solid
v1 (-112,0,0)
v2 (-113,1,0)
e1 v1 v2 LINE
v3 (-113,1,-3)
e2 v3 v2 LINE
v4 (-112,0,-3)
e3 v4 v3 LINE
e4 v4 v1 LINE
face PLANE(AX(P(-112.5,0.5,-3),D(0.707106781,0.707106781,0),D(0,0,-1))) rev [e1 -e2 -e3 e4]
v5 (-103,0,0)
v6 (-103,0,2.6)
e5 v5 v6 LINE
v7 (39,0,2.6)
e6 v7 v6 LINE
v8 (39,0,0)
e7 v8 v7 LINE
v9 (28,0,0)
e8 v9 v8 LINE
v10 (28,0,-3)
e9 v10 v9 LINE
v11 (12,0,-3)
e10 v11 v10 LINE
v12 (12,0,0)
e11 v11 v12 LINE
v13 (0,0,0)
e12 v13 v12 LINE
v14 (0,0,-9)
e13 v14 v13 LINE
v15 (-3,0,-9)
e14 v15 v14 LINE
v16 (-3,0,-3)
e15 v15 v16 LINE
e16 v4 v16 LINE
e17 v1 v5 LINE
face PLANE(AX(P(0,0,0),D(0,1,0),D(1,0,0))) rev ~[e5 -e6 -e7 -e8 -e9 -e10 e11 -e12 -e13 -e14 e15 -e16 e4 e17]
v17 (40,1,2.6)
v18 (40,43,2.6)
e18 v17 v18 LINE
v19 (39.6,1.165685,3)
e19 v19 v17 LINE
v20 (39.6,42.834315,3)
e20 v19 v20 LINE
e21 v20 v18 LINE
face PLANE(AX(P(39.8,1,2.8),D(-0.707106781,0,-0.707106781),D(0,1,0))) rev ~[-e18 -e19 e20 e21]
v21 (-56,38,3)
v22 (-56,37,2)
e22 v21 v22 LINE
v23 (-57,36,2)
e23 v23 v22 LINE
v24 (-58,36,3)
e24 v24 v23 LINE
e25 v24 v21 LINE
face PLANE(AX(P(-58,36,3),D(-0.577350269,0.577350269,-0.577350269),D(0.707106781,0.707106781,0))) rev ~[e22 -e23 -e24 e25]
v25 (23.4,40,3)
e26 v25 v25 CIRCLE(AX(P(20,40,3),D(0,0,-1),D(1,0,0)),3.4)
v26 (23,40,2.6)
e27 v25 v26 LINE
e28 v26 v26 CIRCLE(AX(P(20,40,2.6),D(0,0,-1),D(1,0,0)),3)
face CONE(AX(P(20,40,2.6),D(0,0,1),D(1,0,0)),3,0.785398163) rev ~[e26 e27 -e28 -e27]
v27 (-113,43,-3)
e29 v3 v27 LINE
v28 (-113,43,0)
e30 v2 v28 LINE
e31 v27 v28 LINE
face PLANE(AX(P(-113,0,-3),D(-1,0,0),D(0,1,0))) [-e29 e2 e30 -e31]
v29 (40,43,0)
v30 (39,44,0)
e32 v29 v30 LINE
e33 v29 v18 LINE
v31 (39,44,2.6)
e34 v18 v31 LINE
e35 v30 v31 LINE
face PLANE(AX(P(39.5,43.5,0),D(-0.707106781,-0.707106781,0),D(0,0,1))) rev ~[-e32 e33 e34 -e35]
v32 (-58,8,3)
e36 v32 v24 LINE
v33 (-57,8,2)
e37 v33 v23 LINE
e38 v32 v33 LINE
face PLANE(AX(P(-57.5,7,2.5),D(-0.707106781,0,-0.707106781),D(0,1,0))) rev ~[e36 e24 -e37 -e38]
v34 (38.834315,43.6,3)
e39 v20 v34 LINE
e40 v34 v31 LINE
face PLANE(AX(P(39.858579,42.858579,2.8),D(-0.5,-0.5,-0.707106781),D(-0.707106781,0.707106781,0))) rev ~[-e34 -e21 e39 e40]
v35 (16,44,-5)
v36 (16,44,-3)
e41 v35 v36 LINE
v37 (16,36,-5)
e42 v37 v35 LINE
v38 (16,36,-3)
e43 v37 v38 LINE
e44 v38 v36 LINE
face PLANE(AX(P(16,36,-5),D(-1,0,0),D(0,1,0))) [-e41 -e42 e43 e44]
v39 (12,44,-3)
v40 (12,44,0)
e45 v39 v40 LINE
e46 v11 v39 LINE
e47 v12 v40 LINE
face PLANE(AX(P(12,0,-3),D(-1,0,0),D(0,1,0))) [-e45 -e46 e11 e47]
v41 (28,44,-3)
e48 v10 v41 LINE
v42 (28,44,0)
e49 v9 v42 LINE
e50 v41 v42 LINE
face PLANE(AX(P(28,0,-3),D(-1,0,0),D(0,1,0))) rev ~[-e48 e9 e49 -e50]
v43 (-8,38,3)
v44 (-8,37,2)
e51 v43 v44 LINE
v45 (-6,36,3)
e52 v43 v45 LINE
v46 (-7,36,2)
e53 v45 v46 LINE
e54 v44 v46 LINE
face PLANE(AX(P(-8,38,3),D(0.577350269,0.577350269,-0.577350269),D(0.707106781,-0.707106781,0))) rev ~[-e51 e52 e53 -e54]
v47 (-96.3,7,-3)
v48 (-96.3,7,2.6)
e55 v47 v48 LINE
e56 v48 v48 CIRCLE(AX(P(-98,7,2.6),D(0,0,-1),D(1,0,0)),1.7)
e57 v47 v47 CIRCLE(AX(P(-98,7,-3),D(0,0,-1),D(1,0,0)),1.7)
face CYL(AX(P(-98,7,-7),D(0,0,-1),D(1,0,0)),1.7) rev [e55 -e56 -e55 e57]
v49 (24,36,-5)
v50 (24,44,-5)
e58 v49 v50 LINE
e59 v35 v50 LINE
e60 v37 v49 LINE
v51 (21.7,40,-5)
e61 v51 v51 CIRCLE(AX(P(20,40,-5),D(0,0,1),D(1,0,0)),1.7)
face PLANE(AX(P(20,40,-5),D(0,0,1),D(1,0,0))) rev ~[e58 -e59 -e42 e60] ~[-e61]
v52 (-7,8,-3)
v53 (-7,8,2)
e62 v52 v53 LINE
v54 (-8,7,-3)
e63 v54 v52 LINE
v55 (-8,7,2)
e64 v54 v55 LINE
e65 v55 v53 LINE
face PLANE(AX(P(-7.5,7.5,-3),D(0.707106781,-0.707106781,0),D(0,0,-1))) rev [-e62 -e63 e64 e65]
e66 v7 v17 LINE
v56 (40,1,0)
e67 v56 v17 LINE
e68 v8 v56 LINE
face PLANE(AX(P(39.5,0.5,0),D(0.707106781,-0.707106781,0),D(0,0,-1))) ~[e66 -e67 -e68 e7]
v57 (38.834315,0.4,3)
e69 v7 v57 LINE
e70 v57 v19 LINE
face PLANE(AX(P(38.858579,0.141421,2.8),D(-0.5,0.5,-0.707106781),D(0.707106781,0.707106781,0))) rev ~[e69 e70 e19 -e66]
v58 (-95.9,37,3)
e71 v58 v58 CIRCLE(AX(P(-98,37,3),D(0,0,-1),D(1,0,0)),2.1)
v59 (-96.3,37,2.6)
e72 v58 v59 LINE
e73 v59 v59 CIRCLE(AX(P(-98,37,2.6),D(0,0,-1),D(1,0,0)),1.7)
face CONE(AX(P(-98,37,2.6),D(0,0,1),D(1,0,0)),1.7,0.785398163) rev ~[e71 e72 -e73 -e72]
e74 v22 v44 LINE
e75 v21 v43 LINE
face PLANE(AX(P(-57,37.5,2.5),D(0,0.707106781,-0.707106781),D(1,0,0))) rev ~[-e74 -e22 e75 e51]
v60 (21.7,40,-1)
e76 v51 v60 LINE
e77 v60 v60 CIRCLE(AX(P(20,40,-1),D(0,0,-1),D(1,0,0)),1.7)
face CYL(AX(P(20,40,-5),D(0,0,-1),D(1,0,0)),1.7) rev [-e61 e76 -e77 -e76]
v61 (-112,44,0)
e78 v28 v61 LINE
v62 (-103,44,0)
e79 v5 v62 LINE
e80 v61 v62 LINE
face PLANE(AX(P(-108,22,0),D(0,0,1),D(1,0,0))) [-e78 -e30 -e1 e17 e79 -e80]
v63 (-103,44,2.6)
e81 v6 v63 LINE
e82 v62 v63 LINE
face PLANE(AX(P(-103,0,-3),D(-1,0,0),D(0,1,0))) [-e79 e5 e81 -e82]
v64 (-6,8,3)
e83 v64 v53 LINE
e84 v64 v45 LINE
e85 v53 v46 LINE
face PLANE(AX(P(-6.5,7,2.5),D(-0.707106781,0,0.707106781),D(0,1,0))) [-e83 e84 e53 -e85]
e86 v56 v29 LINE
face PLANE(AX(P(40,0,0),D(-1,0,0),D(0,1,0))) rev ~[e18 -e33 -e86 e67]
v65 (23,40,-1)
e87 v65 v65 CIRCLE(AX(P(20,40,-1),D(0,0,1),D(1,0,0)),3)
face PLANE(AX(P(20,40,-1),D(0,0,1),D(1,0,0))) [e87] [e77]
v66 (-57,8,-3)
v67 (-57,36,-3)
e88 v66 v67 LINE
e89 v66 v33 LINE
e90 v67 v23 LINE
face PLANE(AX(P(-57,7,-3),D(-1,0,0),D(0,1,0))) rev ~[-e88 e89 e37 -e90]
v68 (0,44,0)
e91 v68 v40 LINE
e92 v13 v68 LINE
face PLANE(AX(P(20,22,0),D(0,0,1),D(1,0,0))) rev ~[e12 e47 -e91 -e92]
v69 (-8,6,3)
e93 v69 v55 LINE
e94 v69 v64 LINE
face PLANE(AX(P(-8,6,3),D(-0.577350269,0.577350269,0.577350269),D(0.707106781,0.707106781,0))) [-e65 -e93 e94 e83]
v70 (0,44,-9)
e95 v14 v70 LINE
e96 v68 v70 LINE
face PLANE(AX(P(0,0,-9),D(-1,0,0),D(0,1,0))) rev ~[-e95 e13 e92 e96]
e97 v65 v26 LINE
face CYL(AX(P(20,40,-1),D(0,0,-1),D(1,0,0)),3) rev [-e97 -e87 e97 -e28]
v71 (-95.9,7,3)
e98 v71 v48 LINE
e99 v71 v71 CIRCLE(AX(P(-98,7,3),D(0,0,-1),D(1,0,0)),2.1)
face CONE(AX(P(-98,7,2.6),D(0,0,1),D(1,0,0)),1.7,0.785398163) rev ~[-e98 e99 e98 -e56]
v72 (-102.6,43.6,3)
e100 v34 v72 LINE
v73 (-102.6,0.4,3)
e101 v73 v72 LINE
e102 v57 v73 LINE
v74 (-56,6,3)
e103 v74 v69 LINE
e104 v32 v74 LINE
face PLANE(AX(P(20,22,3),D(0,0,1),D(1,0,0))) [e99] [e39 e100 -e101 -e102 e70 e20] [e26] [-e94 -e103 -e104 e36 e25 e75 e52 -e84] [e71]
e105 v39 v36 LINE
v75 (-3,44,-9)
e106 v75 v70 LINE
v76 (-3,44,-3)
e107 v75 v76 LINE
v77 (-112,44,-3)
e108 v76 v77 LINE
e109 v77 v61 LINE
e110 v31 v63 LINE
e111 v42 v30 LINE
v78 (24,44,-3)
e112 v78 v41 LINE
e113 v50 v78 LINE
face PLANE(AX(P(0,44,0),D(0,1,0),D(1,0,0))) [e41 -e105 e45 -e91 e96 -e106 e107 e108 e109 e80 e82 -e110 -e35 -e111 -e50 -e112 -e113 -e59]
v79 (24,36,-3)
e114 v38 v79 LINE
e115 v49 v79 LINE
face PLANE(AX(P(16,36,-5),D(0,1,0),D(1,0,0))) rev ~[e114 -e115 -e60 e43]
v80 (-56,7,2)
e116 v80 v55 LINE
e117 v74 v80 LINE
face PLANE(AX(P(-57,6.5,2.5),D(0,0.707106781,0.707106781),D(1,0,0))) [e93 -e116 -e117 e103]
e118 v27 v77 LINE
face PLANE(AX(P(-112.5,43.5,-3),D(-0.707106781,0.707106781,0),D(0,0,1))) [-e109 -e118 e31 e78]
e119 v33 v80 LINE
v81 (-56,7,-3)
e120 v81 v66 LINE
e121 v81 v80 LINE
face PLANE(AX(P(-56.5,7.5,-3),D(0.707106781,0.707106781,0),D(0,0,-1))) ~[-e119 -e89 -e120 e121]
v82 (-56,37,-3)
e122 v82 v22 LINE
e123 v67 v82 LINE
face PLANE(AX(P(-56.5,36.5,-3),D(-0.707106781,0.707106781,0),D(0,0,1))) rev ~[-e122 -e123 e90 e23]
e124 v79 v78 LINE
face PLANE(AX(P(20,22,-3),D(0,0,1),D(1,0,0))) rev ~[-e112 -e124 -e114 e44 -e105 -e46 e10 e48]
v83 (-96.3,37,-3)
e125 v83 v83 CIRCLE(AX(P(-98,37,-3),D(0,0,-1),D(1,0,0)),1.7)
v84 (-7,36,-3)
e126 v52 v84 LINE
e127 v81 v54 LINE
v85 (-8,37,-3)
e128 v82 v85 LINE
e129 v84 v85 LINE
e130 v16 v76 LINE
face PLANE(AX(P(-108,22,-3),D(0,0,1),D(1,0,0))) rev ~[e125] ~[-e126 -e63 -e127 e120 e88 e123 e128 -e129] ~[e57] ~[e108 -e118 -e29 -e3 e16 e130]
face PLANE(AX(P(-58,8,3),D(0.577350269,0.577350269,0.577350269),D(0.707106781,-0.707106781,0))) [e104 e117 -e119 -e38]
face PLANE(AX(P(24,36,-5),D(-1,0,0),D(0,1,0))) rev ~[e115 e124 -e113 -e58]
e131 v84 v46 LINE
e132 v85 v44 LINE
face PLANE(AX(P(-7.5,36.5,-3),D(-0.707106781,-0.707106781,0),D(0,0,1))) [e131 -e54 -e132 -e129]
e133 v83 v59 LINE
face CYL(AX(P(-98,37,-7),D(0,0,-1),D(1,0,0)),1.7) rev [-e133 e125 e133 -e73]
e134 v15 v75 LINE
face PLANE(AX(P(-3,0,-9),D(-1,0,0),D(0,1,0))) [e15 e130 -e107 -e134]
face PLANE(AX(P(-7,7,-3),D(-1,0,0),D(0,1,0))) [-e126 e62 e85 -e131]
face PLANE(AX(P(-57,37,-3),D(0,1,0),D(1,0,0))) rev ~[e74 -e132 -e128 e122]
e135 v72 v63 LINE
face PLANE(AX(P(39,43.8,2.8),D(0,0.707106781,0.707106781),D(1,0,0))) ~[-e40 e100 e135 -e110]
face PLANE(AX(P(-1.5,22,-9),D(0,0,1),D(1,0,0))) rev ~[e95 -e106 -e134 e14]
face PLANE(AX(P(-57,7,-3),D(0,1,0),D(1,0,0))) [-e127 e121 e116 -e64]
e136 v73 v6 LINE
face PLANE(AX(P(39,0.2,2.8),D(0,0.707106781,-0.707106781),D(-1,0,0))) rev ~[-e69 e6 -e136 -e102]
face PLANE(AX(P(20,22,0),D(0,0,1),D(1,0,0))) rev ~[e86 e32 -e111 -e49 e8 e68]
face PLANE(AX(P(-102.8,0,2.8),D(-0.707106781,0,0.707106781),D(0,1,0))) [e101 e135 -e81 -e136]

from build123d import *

# Parameters (mm, degrees)
CYLINDER031_R            = 1.7
CYLINDER031_DEPTH        = 30
CYLINDER032_R            = 1.7
CYLINDER032_DEPTH        = 30
BOX051014_W              = 50
BOX051014_H              = 30
BOX051014_DEPTH          = 6
CYLINDER027_R            = 1.7
CYLINDER027_DEPTH        = 10
CYLINDER028_R            = 3
CYLINDER028_DEPTH        = 10
BOX051013_W              = 10
BOX051013_H              = 44
BOX051013_DEPTH          = 3
BOX051015_W              = 3
BOX051015_H              = 44
BOX051015_DEPTH          = 6
BOX051010_W              = 16
BOX051010_H              = 44
BOX051010_DEPTH          = 3
BOX051009_W              = 40
BOX051009_H              = 44
BOX051009_DEPTH          = 3
BOX051011_W              = 8
BOX051011_H              = 8
BOX051011_DEPTH          = 3
BOX051012_W              = 103
BOX051012_H              = 44
BOX051012_DEPTH          = 6
CHAMFER034005002005_SIZE = 1
CHAMFER034005002006_SIZE = 0.4


with BuildPart() as cylinder031:
    # Cylinder031 → Cylinder031 (new body)
    with BuildSketch(Plane(origin=(-98, 37, -7), x_dir=(1, 0, 0), z_dir=(0, 0, 1))):
        Circle(CYLINDER031_R)
    extrude(amount=CYLINDER031_DEPTH)


with BuildPart() as fusion021005007:
    # Cylinder032 → Cylinder032 (new body)
    with BuildSketch(Plane(origin=(-98, 7, -7), x_dir=(1, 0, 0), z_dir=(0, 0, 1))):
        Circle(CYLINDER032_R)
    extrude(amount=CYLINDER032_DEPTH)

    # Fusion021005007: union Cylinder031
    add(cylinder031.part)


with BuildPart() as cube071:
    # Box051014 → Box051014 (new body)
    with BuildSketch(Plane(origin=(-57, 7, -3), x_dir=(1, 0, 0), z_dir=(0, 0, 1))):
        with Locations((25, 15)):
            Rectangle(BOX051014_W, BOX051014_H)
    extrude(amount=BOX051014_DEPTH)


with BuildPart() as cylinder027:
    # Cylinder027 → Cylinder027 (new body)
    with BuildSketch(Plane(origin=(20, 40, -5), x_dir=(1, 0, 0), z_dir=(0, 0, 1))):
        Circle(CYLINDER027_R)
    extrude(amount=CYLINDER027_DEPTH)


with BuildPart() as fusion021005005:
    # Cylinder028 → Cylinder028 (new body)
    with BuildSketch(Plane(origin=(20, 40, -1), x_dir=(1, 0, 0), z_dir=(0, 0, 1))):
        Circle(CYLINDER028_R)
    extrude(amount=CYLINDER028_DEPTH)

    # Fusion021005005: union Cylinder027
    add(cylinder027.part)


with BuildPart() as cube070:
    # Box051013 → Box051013 (new body)
    with BuildSketch(Plane(origin=(-113, 0, -3), x_dir=(1, 0, 0), z_dir=(0, 0, 1))):
        with Locations((5, 22)):
            Rectangle(BOX051013_W, BOX051013_H)
    extrude(amount=BOX051013_DEPTH)


with BuildPart() as cube072:
    # Box051015 → Box051015 (new body)
    with BuildSketch(Plane(origin=(-3, 0, -9), x_dir=(1, 0, 0), z_dir=(0, 0, 1))):
        with Locations((1.5, 22)):
            Rectangle(BOX051015_W, BOX051015_H)
    extrude(amount=BOX051015_DEPTH)


with BuildPart() as cube067:
    # Box051010 → Box051010 (new body)
    with BuildSketch(Plane(origin=(12, 0, -3), x_dir=(1, 0, 0), z_dir=(0, 0, 1))):
        with Locations((8, 22)):
            Rectangle(BOX051010_W, BOX051010_H)
    extrude(amount=BOX051010_DEPTH)


with BuildPart() as cube066:
    # Box051009 → Box051009 (new body)
    with BuildSketch(Plane.XY):
        with Locations((20, 22)):
            Rectangle(BOX051009_W, BOX051009_H)
    extrude(amount=BOX051009_DEPTH)


with BuildPart() as fusion021005004:
    # Box051011 → Box051011 (new body)
    with BuildSketch(Plane(origin=(16, 36, -5), x_dir=(1, 0, 0), z_dir=(0, 0, 1))):
        with Locations((4, 4)):
            Rectangle(BOX051011_W, BOX051011_H)
    extrude(amount=BOX051011_DEPTH)

    # Fusion021005004: union Cube067, Cube066
    add(cube067.part)
    add(cube066.part)


with BuildPart() as cable_route_base:
    # Box051012 → Box051012 (new body)
    with BuildSketch(Plane(origin=(-103, 0, -3), x_dir=(1, 0, 0), z_dir=(0, 0, 1))):
        with Locations((51.5, 22)):
            Rectangle(BOX051012_W, BOX051012_H)
    extrude(amount=BOX051012_DEPTH)

    # Fusion021005006: union Cube070, Cube072, Fusion021005004
    add(cube070.part)
    add(cube072.part)
    add(fusion021005004.part)

    # Cut018011002002: cut Fusion021005005
    add(fusion021005005.part, mode=Mode.SUBTRACT)

    # Cut018011002003: cut Cube071
    add(cube071.part, mode=Mode.SUBTRACT)

    # Cut018011002004: cut Fusion021005007
    add(fusion021005007.part, mode=Mode.SUBTRACT)

    # Chamfer034005002005
    chamfer034005002005_edges = [cable_route_base.edges().sort_by_distance(p)[0] for p in [
        (-57, 22, 3),
        (-32, 37, 3),
        (-32, 7, 3),
        (-7, 22, 3),
        (40, 0, 1.5),
        (-113, 0, -1.5),
        (-57, 7, 0),
        (-57, 37, 0),
        (-7, 37, 0),
        (-7, 7, 0),
        (40, 44, 1.5),
        (-113, 44, -1.5),
    ]]
    chamfer(chamfer034005002005_edges, length=CHAMFER034005002005_SIZE)

    # Chamfer034005002006
    chamfer034005002006_edges = [cable_route_base.edges().sort_by_distance(p)[0] for p in [
        (-103, 22, 3),
        (-51.5, 44, 3),
        (-51.5, 0, 3),
        (-99.7, 37, 3),
        (-99.7, 7, 3),
        (19.5, 0, 3),
        (39.5, 0.5, 3),
        (40, 22, 3),
        (19.5, 44, 3),
        (39.5, 43.5, 3),
        (17, 40, 3),
    ]]
    chamfer(chamfer034005002006_edges, length=CHAMFER034005002006_SIZE)


solid = cable_route_base.part
